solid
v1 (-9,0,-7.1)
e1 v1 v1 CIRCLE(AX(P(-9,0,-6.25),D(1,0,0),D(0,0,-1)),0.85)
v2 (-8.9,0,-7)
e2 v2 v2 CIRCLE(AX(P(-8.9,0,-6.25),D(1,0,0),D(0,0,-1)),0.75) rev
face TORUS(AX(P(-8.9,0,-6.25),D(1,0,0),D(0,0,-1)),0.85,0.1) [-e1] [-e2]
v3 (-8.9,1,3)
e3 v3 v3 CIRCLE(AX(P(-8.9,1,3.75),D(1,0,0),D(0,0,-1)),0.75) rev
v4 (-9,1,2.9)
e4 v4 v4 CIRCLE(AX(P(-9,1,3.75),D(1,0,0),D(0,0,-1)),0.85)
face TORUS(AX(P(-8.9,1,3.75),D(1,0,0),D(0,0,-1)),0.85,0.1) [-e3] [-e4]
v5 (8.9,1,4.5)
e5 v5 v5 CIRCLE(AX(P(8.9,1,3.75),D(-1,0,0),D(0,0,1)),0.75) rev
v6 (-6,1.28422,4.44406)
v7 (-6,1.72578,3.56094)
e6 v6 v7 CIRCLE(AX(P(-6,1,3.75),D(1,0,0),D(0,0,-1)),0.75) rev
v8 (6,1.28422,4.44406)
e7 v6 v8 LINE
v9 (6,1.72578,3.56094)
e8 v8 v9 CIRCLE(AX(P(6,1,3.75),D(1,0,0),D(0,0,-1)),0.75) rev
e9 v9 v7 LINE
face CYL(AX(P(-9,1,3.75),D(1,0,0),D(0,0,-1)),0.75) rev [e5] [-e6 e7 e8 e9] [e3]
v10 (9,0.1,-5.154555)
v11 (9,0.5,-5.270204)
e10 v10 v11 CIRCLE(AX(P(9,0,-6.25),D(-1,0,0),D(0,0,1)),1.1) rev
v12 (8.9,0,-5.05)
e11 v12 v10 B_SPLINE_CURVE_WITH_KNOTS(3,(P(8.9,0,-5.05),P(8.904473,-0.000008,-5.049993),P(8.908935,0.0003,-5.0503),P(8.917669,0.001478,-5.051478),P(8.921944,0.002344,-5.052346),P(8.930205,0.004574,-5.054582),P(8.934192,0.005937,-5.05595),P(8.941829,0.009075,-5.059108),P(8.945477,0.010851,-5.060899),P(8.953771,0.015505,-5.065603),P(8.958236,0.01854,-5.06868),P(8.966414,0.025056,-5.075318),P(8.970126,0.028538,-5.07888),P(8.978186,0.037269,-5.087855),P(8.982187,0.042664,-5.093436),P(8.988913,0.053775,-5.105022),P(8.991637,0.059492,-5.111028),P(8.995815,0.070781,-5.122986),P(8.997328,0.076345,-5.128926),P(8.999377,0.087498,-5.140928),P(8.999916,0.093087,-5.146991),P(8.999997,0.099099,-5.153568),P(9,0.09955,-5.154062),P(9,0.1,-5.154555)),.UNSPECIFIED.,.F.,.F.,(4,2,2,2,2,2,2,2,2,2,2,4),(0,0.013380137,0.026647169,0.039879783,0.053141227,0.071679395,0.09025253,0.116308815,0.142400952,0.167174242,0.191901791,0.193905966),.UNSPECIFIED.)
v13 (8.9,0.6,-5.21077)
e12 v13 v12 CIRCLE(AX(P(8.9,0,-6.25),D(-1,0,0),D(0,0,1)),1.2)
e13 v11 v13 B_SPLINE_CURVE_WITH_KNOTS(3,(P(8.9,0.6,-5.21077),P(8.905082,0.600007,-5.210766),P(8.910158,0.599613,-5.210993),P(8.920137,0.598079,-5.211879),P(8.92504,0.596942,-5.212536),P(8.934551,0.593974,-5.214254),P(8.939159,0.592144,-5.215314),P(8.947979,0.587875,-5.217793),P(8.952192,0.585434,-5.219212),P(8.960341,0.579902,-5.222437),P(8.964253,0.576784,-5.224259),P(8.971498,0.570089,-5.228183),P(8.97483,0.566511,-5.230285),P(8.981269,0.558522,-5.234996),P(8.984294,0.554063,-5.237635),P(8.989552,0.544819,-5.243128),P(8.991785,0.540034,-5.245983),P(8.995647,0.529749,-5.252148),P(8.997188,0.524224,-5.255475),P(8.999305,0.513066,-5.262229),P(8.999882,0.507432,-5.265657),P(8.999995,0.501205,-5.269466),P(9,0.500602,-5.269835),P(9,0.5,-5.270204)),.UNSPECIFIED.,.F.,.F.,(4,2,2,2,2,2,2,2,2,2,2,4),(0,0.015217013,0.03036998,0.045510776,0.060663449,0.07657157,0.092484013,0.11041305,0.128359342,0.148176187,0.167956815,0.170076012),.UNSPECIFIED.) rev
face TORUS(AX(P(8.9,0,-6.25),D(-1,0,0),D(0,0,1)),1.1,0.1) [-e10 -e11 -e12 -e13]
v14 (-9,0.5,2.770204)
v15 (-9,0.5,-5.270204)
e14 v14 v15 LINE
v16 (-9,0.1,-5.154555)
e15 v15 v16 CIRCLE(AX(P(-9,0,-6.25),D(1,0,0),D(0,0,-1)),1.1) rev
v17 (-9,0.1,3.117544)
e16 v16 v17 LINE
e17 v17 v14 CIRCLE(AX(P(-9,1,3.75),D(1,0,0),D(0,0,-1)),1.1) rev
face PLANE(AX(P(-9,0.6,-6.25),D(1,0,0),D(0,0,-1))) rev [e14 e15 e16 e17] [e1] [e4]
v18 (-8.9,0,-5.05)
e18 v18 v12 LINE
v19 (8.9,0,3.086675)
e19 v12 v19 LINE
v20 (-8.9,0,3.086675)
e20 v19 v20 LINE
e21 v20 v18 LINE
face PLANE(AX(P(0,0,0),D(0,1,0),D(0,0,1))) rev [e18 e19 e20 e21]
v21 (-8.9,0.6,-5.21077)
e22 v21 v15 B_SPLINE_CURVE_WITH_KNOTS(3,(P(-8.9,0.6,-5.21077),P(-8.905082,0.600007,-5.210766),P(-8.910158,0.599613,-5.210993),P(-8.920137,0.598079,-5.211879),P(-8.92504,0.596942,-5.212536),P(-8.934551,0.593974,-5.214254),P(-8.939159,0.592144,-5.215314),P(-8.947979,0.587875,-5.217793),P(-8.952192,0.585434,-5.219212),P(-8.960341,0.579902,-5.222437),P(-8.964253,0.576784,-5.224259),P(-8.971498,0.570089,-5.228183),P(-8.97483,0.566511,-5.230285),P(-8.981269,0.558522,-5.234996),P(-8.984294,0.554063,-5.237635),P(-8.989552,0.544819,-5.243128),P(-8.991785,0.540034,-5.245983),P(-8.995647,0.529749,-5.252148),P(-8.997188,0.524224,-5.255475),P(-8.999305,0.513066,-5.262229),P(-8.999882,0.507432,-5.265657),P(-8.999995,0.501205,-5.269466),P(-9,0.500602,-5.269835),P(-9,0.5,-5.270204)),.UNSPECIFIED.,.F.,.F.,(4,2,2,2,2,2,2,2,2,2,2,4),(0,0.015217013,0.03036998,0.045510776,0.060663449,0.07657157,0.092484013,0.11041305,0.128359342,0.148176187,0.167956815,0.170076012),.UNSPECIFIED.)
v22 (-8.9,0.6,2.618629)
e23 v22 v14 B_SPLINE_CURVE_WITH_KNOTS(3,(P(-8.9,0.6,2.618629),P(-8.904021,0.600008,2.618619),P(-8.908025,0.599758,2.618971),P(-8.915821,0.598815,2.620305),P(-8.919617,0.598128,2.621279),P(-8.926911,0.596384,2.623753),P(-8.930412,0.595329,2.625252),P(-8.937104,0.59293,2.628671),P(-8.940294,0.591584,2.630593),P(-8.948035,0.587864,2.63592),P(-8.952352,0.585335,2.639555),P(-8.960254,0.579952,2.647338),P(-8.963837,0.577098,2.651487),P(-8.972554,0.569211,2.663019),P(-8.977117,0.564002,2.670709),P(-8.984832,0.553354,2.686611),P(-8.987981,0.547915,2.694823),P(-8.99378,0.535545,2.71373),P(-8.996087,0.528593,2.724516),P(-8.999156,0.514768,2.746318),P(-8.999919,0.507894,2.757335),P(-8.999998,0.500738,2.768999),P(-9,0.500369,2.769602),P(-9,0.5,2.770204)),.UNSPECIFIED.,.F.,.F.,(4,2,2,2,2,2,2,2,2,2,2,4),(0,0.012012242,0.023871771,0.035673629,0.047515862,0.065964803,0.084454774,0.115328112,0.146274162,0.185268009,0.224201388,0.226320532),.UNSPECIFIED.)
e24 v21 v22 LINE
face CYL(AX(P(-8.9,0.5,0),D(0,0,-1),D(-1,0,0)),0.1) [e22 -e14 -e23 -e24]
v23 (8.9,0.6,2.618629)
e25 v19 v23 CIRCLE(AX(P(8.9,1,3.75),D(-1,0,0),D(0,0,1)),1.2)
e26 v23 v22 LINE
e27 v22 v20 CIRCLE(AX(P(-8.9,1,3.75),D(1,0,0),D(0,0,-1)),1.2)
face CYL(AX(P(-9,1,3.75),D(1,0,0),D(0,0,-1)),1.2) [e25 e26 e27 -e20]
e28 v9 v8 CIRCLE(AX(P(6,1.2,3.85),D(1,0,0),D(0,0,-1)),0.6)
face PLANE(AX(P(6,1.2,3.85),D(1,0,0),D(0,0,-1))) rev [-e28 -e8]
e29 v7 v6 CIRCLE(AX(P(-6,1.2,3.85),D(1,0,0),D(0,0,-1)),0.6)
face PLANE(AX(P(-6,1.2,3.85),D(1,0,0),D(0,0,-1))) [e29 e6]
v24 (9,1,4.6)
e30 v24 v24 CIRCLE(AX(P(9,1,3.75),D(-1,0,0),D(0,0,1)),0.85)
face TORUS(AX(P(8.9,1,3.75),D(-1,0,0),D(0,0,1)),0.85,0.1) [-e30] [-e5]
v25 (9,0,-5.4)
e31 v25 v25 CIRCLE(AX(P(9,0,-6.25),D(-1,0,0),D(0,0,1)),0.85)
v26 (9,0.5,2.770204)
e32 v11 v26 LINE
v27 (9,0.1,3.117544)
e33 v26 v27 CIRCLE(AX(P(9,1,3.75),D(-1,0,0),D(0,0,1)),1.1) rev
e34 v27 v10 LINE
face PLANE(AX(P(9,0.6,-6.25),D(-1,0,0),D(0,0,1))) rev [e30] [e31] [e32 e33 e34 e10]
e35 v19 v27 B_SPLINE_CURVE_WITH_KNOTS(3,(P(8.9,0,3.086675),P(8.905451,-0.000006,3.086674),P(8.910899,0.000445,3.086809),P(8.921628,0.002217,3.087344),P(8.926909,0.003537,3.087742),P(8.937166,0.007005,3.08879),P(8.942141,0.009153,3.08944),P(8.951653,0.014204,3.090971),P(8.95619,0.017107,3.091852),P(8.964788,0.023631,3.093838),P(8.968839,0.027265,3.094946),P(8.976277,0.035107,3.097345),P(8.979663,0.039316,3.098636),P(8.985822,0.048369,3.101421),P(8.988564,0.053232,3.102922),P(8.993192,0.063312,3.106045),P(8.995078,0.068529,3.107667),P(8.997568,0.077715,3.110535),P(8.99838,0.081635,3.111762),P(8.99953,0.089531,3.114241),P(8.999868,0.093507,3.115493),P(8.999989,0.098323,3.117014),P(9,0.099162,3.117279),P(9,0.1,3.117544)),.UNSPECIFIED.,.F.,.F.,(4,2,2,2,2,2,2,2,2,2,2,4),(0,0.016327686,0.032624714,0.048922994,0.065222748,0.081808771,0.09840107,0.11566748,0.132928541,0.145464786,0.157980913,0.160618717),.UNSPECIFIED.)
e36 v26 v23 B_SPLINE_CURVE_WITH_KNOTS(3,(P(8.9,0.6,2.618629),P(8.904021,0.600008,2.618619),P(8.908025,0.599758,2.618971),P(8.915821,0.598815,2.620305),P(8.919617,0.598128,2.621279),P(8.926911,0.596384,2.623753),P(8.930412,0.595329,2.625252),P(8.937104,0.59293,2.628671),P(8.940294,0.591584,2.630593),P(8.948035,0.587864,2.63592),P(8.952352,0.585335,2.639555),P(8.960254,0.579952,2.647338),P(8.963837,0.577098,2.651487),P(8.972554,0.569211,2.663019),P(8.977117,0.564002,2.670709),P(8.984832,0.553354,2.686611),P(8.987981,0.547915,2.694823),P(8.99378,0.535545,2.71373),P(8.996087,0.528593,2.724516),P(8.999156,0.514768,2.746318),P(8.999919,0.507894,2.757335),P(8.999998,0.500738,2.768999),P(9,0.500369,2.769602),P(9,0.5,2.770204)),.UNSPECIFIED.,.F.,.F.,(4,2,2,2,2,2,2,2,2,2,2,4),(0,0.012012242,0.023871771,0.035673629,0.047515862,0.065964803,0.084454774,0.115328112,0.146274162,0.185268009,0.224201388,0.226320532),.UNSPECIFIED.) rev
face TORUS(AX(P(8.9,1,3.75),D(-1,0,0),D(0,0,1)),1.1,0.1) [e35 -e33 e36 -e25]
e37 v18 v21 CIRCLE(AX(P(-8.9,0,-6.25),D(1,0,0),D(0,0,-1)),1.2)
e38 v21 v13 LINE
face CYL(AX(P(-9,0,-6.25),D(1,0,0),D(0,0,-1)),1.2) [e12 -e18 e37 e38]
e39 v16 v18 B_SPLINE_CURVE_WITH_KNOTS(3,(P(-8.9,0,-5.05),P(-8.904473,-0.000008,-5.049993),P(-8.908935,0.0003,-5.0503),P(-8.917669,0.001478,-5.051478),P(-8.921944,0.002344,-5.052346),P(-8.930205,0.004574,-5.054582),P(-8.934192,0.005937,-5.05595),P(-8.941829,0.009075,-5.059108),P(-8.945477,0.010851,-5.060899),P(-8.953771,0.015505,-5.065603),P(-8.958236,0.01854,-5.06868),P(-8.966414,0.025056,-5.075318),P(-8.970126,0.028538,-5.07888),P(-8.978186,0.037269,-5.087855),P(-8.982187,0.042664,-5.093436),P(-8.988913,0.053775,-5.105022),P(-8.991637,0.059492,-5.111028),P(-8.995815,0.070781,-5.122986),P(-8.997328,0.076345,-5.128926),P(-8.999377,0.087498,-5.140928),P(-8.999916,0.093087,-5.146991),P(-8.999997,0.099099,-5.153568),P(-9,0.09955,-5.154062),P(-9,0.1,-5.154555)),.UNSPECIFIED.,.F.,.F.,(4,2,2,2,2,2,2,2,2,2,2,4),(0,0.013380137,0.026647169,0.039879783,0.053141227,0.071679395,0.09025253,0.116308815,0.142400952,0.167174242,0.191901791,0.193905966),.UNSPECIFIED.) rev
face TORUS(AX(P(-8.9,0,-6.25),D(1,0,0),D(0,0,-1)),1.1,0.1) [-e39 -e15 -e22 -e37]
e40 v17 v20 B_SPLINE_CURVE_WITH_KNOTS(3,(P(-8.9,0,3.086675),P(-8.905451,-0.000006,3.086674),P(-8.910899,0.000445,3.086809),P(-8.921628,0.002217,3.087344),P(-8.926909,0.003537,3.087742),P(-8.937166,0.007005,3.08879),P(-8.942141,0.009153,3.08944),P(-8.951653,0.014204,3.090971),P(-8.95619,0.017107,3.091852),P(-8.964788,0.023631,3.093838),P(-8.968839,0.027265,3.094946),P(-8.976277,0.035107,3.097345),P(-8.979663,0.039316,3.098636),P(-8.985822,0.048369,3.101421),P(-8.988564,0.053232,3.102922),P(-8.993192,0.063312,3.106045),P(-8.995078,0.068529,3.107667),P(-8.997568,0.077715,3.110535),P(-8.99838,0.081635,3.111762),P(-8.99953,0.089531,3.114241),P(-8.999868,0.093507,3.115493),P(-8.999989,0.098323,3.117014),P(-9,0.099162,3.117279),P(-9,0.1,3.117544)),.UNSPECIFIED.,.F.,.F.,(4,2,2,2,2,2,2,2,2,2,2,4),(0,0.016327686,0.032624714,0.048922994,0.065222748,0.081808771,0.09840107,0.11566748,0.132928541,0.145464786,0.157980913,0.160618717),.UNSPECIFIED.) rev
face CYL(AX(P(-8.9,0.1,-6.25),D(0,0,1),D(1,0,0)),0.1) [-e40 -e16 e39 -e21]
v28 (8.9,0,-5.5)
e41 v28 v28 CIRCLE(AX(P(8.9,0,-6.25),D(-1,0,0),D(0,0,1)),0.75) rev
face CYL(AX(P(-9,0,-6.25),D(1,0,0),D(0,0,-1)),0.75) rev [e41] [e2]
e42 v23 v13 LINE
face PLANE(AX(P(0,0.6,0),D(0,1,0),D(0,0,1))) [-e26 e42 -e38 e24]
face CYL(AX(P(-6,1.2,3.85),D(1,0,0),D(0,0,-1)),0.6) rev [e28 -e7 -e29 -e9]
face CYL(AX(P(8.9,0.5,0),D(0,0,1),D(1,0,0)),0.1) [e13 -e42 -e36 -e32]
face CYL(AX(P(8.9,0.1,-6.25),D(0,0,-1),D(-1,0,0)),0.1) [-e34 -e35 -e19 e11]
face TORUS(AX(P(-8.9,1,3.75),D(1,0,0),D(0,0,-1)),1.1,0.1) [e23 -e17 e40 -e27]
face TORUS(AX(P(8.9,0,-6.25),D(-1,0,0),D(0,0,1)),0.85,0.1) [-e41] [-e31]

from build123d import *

# Parameters (mm, degrees)
SKETCH1_W           = 18
SKETCH1_H           = 10
BOSS_EXTRUDE1_DEPTH = 0.6
SKETCH2_R           = 1.2
BOSS_EXTRUDE2_DEPTH = 18
SKETCH3_R           = 0.75
CUT_EXTRUDE1_DEPTH  = 18
SKETCH8_R           = 0.6
CUT_EXTRUDE4_DEPTH  = 6
FILLET5_R           = 0.1


with BuildPart() as part:
    # Sketch1 → Boss-Extrude1 (new body)
    with BuildSketch(Plane(origin=(0, 0, 0), x_dir=(1, 0, 0), z_dir=(0, 1, 0))):
        with Locations((0, 1.25)):
            Rectangle(SKETCH1_W, SKETCH1_H)
    extrude(amount=BOSS_EXTRUDE1_DEPTH)

    # Sketch2 → Boss-Extrude2 (add)
    with BuildSketch(Plane(origin=(9, 0, 0), x_dir=(0, 0, -1), z_dir=(1, 0, 0))):
        with Locations((-3.75, 1)):
            Circle(SKETCH2_R)
        with Locations((6.25, 0)):
            Circle(SKETCH2_R)
    extrude(amount=-BOSS_EXTRUDE2_DEPTH)

    # Sketch3 → Cut-Extrude1 (cut)
    with BuildSketch(Plane(origin=(9, 0, 0), x_dir=(0, 0, -1), z_dir=(1, 0, 0))):
        with Locations((-3.75, 1)):
            Circle(SKETCH3_R)
        with Locations((6.25, 0)):
            Circle(SKETCH3_R)
    extrude(amount=-CUT_EXTRUDE1_DEPTH, mode=Mode.SUBTRACT)

    # Sketch8 → Cut-Extrude4 (cut, symmetric)
    with BuildSketch(Plane(origin=(0, 0, 0), x_dir=(0, 0, -1), z_dir=(1, 0, 0))):
        with Locations((-3.85, 1.2)):
            Circle(SKETCH8_R)
    extrude(amount=CUT_EXTRUDE4_DEPTH, both=True, mode=Mode.SUBTRACT)

    # Fillet5
    fillet5_edges = [part.edges().sort_by_distance(p)[0] for p in [
        (9, 0, -0.981662479),
        (9, 0.6, -1.296070183),
        (-9, 1.738083152, 4.696167671),
        (9, 1.738083152, 4.696167671),
        (-9, 0, -0.981662479),
        (-9, 0.6, -1.296070183),
        (-9, -0.310582854, -7.409110992),
        (9, -0.310582854, -7.409110992),
        (-9, 1, 4.5),
        (9, 1, 4.5),
        (-9, 0, -5.5),
        (9, 0, -5.5),
    ]]
    fillet(fillet5_edges, radius=FILLET5_R)


solid = part.part
